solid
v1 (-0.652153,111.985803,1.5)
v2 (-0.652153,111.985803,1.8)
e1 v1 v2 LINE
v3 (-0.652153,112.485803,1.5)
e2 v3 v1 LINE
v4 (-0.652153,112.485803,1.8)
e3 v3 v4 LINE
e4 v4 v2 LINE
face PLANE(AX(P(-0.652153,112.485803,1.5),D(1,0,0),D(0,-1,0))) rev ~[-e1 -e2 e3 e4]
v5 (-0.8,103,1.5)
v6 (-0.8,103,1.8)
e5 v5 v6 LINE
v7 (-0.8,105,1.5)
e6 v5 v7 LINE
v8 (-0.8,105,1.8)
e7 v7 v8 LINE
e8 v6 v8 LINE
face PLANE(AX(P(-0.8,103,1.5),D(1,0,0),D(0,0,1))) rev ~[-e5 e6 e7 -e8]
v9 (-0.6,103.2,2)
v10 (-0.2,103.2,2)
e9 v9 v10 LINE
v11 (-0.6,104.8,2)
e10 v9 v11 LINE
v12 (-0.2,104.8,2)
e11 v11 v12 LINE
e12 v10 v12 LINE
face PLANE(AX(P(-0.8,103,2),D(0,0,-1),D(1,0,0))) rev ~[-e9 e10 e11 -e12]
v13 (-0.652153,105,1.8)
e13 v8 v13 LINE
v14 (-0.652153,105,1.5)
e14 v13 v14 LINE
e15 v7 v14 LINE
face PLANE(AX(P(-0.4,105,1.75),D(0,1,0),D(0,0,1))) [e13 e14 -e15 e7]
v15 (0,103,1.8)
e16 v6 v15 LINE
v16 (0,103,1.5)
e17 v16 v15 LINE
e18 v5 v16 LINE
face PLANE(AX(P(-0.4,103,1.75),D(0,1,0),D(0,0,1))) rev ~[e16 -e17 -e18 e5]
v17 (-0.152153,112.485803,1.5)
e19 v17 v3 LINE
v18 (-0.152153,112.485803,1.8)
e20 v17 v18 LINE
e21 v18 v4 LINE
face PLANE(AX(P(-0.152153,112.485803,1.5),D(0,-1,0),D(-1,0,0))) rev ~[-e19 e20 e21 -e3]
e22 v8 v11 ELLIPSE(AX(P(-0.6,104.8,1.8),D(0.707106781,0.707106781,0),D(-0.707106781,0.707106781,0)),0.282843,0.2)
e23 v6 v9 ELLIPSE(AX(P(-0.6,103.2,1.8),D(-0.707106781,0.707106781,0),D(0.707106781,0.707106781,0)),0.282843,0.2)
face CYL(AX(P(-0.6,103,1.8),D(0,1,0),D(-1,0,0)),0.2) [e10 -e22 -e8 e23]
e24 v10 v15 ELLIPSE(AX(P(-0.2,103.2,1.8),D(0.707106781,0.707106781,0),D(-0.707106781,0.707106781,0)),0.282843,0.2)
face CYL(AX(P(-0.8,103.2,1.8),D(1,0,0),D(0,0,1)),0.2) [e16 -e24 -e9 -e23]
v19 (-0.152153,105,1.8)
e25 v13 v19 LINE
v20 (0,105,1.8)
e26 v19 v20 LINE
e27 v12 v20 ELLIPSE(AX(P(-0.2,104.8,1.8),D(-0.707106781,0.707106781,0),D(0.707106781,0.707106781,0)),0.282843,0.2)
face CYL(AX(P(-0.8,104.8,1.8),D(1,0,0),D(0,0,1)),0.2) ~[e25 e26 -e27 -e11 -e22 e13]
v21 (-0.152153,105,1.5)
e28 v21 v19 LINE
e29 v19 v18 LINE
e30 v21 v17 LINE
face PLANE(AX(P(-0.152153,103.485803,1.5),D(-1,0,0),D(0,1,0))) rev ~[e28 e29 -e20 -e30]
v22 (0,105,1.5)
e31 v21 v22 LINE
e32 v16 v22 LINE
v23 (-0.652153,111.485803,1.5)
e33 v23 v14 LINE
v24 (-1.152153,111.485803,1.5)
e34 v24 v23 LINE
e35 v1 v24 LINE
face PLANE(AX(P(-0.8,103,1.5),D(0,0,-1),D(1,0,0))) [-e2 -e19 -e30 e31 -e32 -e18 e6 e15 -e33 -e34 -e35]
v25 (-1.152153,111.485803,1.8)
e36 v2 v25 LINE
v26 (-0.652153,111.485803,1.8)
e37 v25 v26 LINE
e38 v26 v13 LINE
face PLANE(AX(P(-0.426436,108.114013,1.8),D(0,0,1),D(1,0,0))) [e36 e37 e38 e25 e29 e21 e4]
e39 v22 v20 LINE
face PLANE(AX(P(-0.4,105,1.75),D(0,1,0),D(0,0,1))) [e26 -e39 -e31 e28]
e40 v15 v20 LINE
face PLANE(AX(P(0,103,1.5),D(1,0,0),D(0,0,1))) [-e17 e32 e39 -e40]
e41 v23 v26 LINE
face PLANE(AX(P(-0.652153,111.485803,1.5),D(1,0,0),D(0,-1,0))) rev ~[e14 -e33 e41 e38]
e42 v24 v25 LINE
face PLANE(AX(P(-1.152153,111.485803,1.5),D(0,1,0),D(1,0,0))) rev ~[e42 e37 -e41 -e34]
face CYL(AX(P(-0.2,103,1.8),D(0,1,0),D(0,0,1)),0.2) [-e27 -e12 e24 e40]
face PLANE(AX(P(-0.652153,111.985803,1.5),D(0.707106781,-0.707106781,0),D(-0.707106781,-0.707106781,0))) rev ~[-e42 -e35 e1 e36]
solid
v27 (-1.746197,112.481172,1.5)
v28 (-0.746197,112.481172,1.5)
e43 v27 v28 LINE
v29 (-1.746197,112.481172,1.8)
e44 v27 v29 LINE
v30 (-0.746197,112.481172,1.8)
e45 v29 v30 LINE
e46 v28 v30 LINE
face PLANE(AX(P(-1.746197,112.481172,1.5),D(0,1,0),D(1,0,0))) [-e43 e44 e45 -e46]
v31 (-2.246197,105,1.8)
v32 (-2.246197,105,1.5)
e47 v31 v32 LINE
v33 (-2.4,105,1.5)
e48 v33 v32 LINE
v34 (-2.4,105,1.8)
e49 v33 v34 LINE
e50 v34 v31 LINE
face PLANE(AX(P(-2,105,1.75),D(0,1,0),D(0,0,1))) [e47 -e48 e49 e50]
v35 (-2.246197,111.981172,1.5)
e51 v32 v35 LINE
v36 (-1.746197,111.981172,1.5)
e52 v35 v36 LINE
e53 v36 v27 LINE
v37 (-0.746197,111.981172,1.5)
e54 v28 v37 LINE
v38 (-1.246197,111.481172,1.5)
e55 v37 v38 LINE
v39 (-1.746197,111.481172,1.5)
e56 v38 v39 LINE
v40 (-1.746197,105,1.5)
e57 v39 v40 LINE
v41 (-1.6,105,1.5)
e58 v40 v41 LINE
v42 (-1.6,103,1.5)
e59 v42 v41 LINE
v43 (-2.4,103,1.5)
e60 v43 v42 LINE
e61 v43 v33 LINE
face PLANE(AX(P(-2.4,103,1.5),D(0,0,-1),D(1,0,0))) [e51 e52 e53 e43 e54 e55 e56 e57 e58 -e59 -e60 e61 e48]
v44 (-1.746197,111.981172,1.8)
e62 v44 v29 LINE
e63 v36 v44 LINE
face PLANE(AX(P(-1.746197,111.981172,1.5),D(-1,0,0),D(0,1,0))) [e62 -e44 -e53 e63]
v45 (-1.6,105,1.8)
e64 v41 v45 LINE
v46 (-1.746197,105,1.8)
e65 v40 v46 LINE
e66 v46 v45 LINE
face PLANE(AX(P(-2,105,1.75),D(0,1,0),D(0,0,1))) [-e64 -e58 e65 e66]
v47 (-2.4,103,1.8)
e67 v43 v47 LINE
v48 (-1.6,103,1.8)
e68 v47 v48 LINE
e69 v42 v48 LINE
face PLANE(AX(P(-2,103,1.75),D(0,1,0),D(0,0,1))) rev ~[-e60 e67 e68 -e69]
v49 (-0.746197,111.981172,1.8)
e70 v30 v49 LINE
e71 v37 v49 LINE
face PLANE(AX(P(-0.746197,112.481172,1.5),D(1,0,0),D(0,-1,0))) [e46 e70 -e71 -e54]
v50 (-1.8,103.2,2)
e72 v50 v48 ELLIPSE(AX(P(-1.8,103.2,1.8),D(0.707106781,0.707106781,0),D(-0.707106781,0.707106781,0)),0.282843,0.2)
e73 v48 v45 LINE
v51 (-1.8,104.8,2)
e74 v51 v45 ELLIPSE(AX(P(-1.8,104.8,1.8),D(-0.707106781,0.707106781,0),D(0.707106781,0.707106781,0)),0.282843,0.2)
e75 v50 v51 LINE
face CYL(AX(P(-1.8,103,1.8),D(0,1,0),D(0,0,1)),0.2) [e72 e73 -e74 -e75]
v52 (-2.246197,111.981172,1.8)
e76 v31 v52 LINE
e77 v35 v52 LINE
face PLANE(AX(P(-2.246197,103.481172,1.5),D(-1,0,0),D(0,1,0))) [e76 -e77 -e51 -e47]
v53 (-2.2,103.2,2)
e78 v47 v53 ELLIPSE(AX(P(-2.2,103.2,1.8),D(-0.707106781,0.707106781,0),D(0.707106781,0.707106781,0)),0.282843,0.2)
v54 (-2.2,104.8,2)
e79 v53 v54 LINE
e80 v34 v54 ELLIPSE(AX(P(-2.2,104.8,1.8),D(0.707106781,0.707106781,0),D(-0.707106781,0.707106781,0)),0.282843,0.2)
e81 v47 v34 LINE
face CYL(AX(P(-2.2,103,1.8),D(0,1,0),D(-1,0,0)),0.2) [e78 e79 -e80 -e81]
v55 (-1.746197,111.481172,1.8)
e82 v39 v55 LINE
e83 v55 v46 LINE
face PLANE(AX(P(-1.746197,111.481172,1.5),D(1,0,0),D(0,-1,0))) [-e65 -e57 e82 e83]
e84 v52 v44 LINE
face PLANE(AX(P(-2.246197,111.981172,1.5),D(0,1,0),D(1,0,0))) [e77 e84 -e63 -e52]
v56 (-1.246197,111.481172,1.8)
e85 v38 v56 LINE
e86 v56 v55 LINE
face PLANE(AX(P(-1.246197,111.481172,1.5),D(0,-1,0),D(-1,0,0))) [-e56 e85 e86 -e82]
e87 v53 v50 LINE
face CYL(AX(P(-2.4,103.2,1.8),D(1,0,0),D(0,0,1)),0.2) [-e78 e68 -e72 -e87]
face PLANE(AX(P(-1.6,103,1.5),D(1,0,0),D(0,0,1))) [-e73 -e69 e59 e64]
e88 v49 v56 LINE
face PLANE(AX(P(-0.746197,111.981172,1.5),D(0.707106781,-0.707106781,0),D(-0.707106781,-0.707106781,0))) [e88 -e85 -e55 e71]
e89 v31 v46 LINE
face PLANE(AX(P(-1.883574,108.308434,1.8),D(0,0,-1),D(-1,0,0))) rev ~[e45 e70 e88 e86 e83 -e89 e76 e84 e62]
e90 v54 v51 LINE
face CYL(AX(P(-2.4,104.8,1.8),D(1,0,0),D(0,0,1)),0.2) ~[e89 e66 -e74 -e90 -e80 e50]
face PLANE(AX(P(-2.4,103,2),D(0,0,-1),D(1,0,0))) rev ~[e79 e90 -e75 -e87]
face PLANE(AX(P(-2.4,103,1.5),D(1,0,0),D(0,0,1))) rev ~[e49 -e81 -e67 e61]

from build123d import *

# Parameters (mm, degrees)
BOX002_W                  = 0.5
BOX002_H                  = 0.8
BOX002_DEPTH              = 2
FILLET001_R               = 0.2
FILLET001_PITCH_ANGLE     = -90
FILLET001_PLACEMENT_ANGLE = -90
PAD003_DEPTH              = 0.3
PAD002_DEPTH              = 0.3
FUSION001_PITCH_ANGLE     = -90
FUSION001_PLACEMENT_ANGLE = -90
BOX003_W                  = 0.5
BOX003_H                  = 0.8
BOX003_DEPTH              = 2
FILLET002_R               = 0.2
FILLET002_PITCH_ANGLE     = -90
FILLET002_PLACEMENT_ANGLE = -90


with BuildPart() as soldadura01:
    # Box002 → Box002 (new body)
    with BuildSketch(Plane(origin=(5.9, 1.6, -6), x_dir=(1, 0, 0), z_dir=(0, 0, 1))):
        with Locations((0.25, 0.4)):
            Rectangle(BOX002_W, BOX002_H)
    extrude(amount=BOX002_DEPTH)

    # Fillet001
    fillet001_edges = [soldadura01.edges().sort_by_distance(p)[0] for p in [
        (6.4, 1.6, -5),
        (6.4, 2, -4),
        (6.4, 2.4, -5),
        (6.4, 2, -6),
    ]]
    fillet(fillet001_edges, radius=FILLET001_R)


with BuildPart() as soldadura01_1:
    # Fillet001 pitch: moved
    add(soldadura01.part.rotate(Axis((0, 0, 0), (0, 1, 0)), FILLET001_PITCH_ANGLE))


with BuildPart() as soldadura01_2:
    # Fillet001 placement: moved
    add(soldadura01_1.part.moved(Location((-4, 109, -4.4))).rotate(Axis((-4, 109, -4.4), (0, 0, 1)), FILLET001_PLACEMENT_ANGLE))


with BuildPart() as catodo:
    # Sketch002 → Pad003 (new body)
    with BuildSketch(Plane.YZ):
        Polygon((8.053803, -5.518828), (8.053803, 2.981172), (8.553803, 2.981172), (8.553803, 3.481172), (9.553803, 3.481172), (9.553803, 2.981172), (9.053803, 2.481172), (8.553803, 2.481172), (8.553803, -5.518828), align=None)
    extrude(amount=PAD003_DEPTH)


with BuildPart() as fusion006:
    # Sketch001 → Pad002 (new body)
    with BuildSketch(Plane.YZ):
        Polygon((9.647847, -5.514197), (10.147847, -5.514197), (10.147847, 3.485803), (9.647847, 3.485803), (9.647847, 2.985803), (9.147847, 2.485803), (9.647847, 2.485803), align=None)
    extrude(amount=PAD002_DEPTH)

    # Fusion001: union catodo
    add(catodo.part)


with BuildPart() as fusion006_1:
    # Fusion001 pitch: moved
    add(fusion006.part.rotate(Axis((0, 0, 0), (0, 1, 0)), FUSION001_PITCH_ANGLE))


with BuildPart() as fusion006_2:
    # Fusion001 placement: moved
    add(fusion006_1.part.moved(Location((-10.3, 109, 1.5))).rotate(Axis((-10.3, 109, 1.5), (0, 0, 1)), FUSION001_PLACEMENT_ANGLE))

    # Fusion006: union Soldadura01
    add(soldadura01_2.part)


with BuildPart() as led:
    # Box003 → Box003 (new body)
    with BuildSketch(Plane(origin=(5.9, 3.2, -6), x_dir=(1, 0, 0), z_dir=(0, 0, 1))):
        with Locations((0.25, 0.4)):
            Rectangle(BOX003_W, BOX003_H)
    extrude(amount=BOX003_DEPTH)

    # Fillet002
    fillet002_edges = [led.edges().sort_by_distance(p)[0] for p in [
        (6.4, 3.2, -5),
        (6.4, 3.6, -4),
        (6.4, 4, -5),
        (6.4, 3.6, -6),
    ]]
    fillet(fillet002_edges, radius=FILLET002_R)


with BuildPart() as led_1:
    # Fillet002 pitch: moved
    add(led.part.rotate(Axis((0, 0, 0), (0, 1, 0)), FILLET002_PITCH_ANGLE))


with BuildPart() as led_2:
    # Fillet002 placement: moved
    add(led_1.part.moved(Location((-4, 109, -4.4))).rotate(Axis((-4, 109, -4.4), (0, 0, 1)), FILLET002_PLACEMENT_ANGLE))

    # Fusion007: union Fusion006
    add(fusion006_2.part)


solid = led_2.part
